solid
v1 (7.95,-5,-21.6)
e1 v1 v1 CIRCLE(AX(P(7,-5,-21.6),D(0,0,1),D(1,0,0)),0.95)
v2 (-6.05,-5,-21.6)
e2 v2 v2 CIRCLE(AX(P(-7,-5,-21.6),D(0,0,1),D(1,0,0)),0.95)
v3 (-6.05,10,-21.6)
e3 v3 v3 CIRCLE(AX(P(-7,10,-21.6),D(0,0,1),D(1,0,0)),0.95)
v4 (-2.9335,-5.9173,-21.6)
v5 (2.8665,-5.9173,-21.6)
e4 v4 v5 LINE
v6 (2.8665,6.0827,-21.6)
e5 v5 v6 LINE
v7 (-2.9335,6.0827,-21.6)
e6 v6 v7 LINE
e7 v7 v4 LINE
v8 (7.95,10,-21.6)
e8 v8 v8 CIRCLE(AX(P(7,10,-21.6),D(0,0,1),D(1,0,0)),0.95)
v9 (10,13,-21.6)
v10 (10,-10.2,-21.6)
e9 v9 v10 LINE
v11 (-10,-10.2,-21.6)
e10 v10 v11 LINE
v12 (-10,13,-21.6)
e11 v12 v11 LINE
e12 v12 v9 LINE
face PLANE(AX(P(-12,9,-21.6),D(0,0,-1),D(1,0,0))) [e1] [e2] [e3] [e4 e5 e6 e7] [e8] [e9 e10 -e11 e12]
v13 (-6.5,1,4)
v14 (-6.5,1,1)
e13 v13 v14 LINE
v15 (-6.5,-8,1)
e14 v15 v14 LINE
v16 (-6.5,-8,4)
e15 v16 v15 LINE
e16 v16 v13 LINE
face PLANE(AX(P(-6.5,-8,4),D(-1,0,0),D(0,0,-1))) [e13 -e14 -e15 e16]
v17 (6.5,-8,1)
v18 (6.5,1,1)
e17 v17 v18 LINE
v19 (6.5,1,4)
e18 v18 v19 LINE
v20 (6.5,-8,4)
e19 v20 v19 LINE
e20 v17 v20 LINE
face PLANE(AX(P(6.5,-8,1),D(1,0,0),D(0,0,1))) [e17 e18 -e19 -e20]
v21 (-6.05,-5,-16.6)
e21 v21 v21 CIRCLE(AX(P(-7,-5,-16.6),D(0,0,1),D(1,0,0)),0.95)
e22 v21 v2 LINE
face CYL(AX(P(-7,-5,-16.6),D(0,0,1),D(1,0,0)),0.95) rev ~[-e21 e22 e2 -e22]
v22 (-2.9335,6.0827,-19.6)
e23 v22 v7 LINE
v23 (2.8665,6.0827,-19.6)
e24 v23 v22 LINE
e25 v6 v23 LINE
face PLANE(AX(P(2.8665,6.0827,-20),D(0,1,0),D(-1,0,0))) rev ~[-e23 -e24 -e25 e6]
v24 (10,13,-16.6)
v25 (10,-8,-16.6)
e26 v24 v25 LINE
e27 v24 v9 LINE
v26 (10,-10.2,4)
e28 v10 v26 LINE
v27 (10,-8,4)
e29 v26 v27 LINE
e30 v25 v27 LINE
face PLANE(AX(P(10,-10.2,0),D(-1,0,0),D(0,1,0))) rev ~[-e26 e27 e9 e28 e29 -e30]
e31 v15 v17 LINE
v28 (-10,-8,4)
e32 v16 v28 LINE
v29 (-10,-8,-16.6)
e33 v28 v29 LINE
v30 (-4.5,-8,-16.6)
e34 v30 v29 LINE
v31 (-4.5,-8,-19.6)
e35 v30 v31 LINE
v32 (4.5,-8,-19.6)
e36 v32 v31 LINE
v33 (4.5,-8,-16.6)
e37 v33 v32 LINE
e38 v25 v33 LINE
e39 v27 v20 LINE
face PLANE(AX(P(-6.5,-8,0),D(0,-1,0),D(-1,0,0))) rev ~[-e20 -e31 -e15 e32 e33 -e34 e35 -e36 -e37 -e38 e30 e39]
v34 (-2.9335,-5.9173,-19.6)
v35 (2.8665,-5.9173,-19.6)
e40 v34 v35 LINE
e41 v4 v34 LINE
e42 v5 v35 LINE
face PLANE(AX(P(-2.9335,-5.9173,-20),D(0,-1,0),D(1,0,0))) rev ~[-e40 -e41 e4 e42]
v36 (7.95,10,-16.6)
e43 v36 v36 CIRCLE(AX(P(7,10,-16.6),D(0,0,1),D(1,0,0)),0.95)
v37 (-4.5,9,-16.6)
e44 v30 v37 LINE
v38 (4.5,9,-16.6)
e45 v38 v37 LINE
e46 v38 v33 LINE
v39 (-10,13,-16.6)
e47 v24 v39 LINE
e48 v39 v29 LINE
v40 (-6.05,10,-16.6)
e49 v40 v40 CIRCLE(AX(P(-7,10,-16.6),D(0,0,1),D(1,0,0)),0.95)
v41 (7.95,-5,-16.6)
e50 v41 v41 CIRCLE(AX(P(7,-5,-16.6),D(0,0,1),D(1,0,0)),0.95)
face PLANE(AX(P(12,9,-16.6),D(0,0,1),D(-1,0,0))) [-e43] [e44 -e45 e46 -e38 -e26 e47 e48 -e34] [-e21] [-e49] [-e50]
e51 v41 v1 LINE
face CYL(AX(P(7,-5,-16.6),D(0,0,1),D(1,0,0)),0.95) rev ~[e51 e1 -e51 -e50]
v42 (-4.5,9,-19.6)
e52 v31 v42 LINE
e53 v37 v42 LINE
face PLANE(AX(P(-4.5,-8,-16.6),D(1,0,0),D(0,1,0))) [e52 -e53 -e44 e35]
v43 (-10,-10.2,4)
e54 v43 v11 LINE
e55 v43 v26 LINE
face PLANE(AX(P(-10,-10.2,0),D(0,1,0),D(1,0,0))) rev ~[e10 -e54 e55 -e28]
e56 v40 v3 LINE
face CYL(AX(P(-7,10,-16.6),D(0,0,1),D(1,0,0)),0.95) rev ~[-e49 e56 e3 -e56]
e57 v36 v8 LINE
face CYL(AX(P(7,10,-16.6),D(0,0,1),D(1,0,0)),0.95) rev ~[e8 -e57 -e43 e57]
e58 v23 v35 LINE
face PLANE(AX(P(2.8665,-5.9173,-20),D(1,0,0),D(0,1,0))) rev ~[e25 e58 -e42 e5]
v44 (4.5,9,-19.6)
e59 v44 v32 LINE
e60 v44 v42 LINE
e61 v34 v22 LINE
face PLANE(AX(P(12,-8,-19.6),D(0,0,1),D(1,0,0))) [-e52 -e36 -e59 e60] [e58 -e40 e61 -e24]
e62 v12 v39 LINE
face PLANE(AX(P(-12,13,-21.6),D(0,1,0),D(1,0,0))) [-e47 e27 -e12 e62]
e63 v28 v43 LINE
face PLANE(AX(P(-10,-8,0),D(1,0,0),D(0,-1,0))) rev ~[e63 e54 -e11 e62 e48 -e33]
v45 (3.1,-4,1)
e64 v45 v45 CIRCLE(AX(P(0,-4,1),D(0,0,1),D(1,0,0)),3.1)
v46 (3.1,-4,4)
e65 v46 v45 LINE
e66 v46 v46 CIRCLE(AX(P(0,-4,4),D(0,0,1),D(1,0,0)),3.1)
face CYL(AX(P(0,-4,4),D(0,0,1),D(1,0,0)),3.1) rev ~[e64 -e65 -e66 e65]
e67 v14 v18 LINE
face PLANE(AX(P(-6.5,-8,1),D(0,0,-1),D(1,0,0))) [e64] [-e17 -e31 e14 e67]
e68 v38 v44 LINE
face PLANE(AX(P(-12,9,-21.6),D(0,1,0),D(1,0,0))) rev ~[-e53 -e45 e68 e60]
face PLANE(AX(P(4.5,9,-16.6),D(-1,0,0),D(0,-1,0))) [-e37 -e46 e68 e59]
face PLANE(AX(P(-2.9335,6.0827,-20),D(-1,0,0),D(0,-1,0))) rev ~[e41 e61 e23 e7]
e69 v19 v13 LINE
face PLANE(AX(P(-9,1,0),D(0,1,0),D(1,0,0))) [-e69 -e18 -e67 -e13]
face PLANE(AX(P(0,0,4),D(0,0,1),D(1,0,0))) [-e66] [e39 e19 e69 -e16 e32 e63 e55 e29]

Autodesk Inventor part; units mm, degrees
ref_plane "YZ Plane" through (0, 0, 0) normal (1, 0, 0) x (0, 1, 0)
ref_plane "XZ Plane" through (0, 0, 0) normal (0, 1, 0) x (-1, 0, 0)
sketch "Náčrt1" plane through (0, 0, 0) normal (0, 0, 1) x (1, 0, 0)
  line L0 (0, 12.6) -> (0, -12.6) projected
  line L1 (-12.6, 0) -> (12.6, 0) projected
  line L2 (-9, 9) -> (9, 9)
  line L3 (9, 9) -> (9, -9)
  line L4 (9, -9) -> (-9, -9)
  line L5 (-9, -9) -> (-9, 9)
  point P0 (0, 0)
  dimension "d0" = 18
  dimension "d1" = 18
extrude "Vysunutí1" add sketch "Náčrt1" against normal blind 20
sketch "Náčrt2" plane through (-9, 9, 0) normal (0, 1, 0) x (1, 0, 0)
  line L0 (18, 0) -> (0, 0) projected
  line L1 (18, 0) -> (18, 20) projected
  line L2 (0, 20) -> (18, 20) projected
  line L3 (0, 0) -> (0, 20) projected
  line L4 (1.3, 16.6) -> (1.3, 3)
  line L5 (1.3, 3) -> (16.7, 3)
  line L6 (16.7, 3) -> (16.7, 16.6)
  line L7 (16.7, 16.6) -> (1.3, 16.6)
  point P0 (9, 0)
  dimension "d4" = 3.4
  dimension "d5" = 3
  dimension "d6" = 1.3
  dimension "d7" = 1.3
sketch "Náčrt3" plane through (0, 0, 0) normal (0, 0, 1) x (1, 0, 0)
  point P0 (0, 0)
extrude "Vysunutí2" cut sketch "Náčrt2" against normal blind 17 contours L7 L6 L5 L4
sketch "Náčrt4" plane through (0, 0, 0) normal (0, 0, 1) x (1, 0, 0)
  line L0 (0, 12.6) -> (0, -12.6) projected
  line L1 (-12.6, 0) -> (12.6, 0) projected
  circle A0 centre (0, -4) radius 3.1
  line L2 (-9, -9) -> (9, -9) projected
  point P0 (0, 0)
  dimension "d10" = 6.2
  dimension "d11" = 5
extrude "Vysunutí3" cut sketch "Náčrt4" against normal blind 3
sketch "Náčrt5" plane through (-9, 9, 0) normal (0, 1, 0) x (1, 0, 0)
  line L0 (1.3, 3) -> (1.3, 16.6) projected
  line L1 (1.3, 16.6) -> (16.7, 16.6) projected
  line L2 (16.7, 3) -> (1.3, 3) projected
  line L3 (16.7, 16.6) -> (16.7, 3) projected
  line L4 (1.3, 16.6) -> (16.7, 16.6) projected
  line L5 (1.3, 3) -> (1.3, 16.6) projected
  line L6 (16.7, 16.6) -> (16.7, 3) projected
  line L7 (16.7, 16.6) -> (16.7, 3) projected
  line L8 (16.7, 3) -> (1.3, 3) projected
  line L9 (1.3, 3) -> (1.3, 16.6) projected
  line L10 (1.3, 16.6) -> (16.7, 16.6) projected
  line L11 (18, 0) -> (0, 0) projected
  line L12 (18, 0) -> (18, 20) projected
  line L13 (0, 20) -> (18, 20) projected
  line L14 (0, 0) -> (0, 20) projected
  line L15 (1.3, 16.6) -> (0, 16.6)
  line L16 (0, 0) -> (0, 20) projected
  line L17 (0, 16.6) -> (0, 0)
  line L18 (0, 0) -> (18, 0)
  line L19 (18, 0) -> (18, 16.6)
  line L20 (18, 0) -> (18, 20) projected
  line L21 (16.7, 16.6) -> (18, 16.6)
  line L22 (16.7, 16.6) -> (16.7, 3)
  line L23 (16.7, 3) -> (1.3, 3) projected
  line L24 (16.7, 3) -> (1.3, 3)
  line L25 (1.3, 3) -> (1.3, 16.6)
  line L26 (1.3, 3) -> (1.3, 16.6)
  point P0 (9, 0)
extrude "Vysunutí4" cut sketch "Náčrt5" against normal blind 8 contours L2 L3 L21 L12 L11 L14 L15 L0
sketch "Náčrt6" plane through (0, 0, -20) normal (0, 0, -1) x (-1, 0, 0)
  line L0 (-9, -9) -> (9, -9) projected
  line L1 (9, -9) -> (9, 9) projected
  line L2 (9, 9) -> (-9, 9) projected
  line L3 (-9, 9) -> (-9, -9) projected
  line L4 (0, -12.6) -> (0, 12.6) projected
  line L5 (-12.6, 0) -> (12.6, 0) projected
  line L6 (-2.8665, 6.0827) -> (2.9335, 6.0827)
  line L7 (2.9335, 6.0827) -> (2.9335, -5.9173)
  line L8 (2.9335, -5.9173) -> (-2.8665, -5.9173)
  line L9 (-2.8665, -5.9173) -> (-2.8665, 6.0827)
  point P0 (0, 0)
  dimension "d16" = 5.8
  dimension "d17" = 12
extrude "Vysunutí5" cut sketch "Náčrt6" against normal blind 8 contours L8 L9 L5 L4 | L4 L5 L7 L8 | L9 L6 L4 L5 | L4 L6 L7 L5
sketch "Náčrt13" plane through (9, -9, -20) normal (1, 0, 0) x (0, 0, -1)
  line L0 (-3.4, 10) -> (-20, 10) projected
  line L1 (-20, 0) -> (-20, 10) projected
  line L2 (-20, 0) -> (0, 0) projected
  line L3 (0, 18) -> (0, 0) projected
  line L4 (-3.4, 18) -> (0, 18) projected
  line L5 (-3.4, 18) -> (-3.4, 10) projected
  line L6 (-3.4, 1) -> (-17, 1) projected
  line L7 (-17, 1) -> (-3.4, 1) projected
  line L8 (-17, 10) -> (-3.4, 10) projected
  line L9 (-17, 1) -> (-17, 10)
  line L10 (-17, 8.1) -> (-17, 1.9) projected
  line L11 (-3.4, 1) -> (-3.4, 10)
  line L12 (-3.4, 1) -> (-17, 1)
  line L13 (-3.4, 10) -> (-17, 10)
  point P0 (-20, 9)
extrude "Vysunutí11" cut sketch "Náčrt13" against normal blind 20 contours L11 L6 L9 L0
sketch "Náčrt14" plane through (0, 0, 0) normal (0, 0, 1) x (1, 0, 0)
  line L0 (9, 1) -> (-9, 1) projected
  line L1 (-9, 1) -> (-9, -9) projected
  line L2 (-9, -9) -> (9, -9) projected
  line L3 (9, -9) -> (9, 1) projected
  circle A0 centre (0, -4) radius 3.1 projected
  line L4 (2.8665, -5.9173) -> (-2.9335, -5.9173) projected
  line L5 (9, -8) -> (-9, -8) projected
  line L6 (9, -8) -> (-9, -8) projected
  line L7 (9, 1) -> (6.5, 1)
  line L8 (6.5, 1) -> (6.5, -8)
  line L9 (6.5, -8) -> (9, -8)
  line L10 (9, -8) -> (9, 1)
  line L11 (-9, 1) -> (-6.5, 1)
  line L12 (-6.5, 1) -> (-6.5, -8)
  line L13 (-6.5, -8) -> (-9, -8)
  line L14 (-9, -8) -> (-9, 1)
  point P0 (0, 0)
  dimension "d44" = 2.5
  dimension "d45" = 2.5
extrude "Vysunutí12" cut sketch "Náčrt14" against normal blind 5 contours L3 L5 L8 L0 | L12 L5 L1 L0
sketch "Náčrt15" plane through (-9, -9, 0) normal (0, -1, 0) x (1, 0, 0)
  line L0 (0, 0) -> (18, 0) projected
  line L1 (0, 0) -> (0, -20) projected
  line L2 (18, -20) -> (0, -20) projected
  line L3 (18, 0) -> (18, -20) projected
  line L4 (18, 0) -> (0, 0)
  line L5 (0, 0) -> (0, -20)
  line L6 (0, -20) -> (18, -20)
  line L7 (18, -20) -> (18, 0)
  point P0 (9, 0)
extrude "Vysunutí13" add sketch "Náčrt15" along normal blind 1.2
sketch "Náčrt16" plane through (9, -8, -16.6) normal (1, 0, 0) x (0, 0, -1)
  line L0 (0, 0) -> (-16.6, 0) projected
  line L1 (-16.6, -2.2) -> (-16.6, 0) projected
  line L2 (3.4, -2.2) -> (-16.6, -2.2) projected
  line L3 (3.4, 17) -> (3.4, -2.2) projected
  line L4 (0, 17) -> (3.4, 17) projected
  line L5 (0, 17) -> (0, 0) projected
  line L6 (-16.6, 0) -> (3.4, 0)
  line L7 (3.4, 0) -> (3.4, -2.2)
  line L8 (3.4, -2.2) -> (-16.6, -2.2)
  line L9 (-16.6, -2.2) -> (-16.6, 0)
  line L10 (0, 17) -> (3.4, 17)
  line L11 (3.4, 17) -> (3.4, 0)
  line L12 (3.4, 0) -> (0, 0)
  line L13 (0, 0) -> (0, 17)
  point P0 (-16.6, 8)
extrude "Vysunutí14" add sketch "Náčrt16" along normal blind 3
sketch "Náčrt17" plane through (-9, -8, -16.6) normal (-1, 0, 0) x (0, 0, 1)
  line L0 (16.6, 0) -> (0, 0) projected
  line L1 (0, 0) -> (0, 17) projected
  line L2 (0, 17) -> (-3.4, 17) projected
  line L3 (-3.4, 17) -> (-3.4, -2.2) projected
  line L4 (16.6, -2.2) -> (-3.4, -2.2) projected
  line L5 (16.6, 0) -> (16.6, -2.2) projected
  line L6 (-3.4, 17) -> (0, 17)
  line L7 (0, 17) -> (0, -2.2)
  line L8 (0, -2.2) -> (-3.4, -2.2)
  line L9 (-3.4, -2.2) -> (-3.4, 17)
  line L10 (16.6, 0) -> (0, 0)
  line L11 (0, 0) -> (0, -2.2)
  line L12 (0, -2.2) -> (16.6, -2.2)
  line L13 (16.6, -2.2) -> (16.6, 0)
  point P0 (16.6, 8)
  point P1 (0, -1.1)
  dimension "d52" = 3.4
extrude "Vysunutí15" add sketch "Náčrt17" along normal blind 3
sketch "Náčrt18" plane through (0, 0, -20) normal (0, 0, -1) x (-1, 0, 0)
  line L0 (2.9335, 6.0827) -> (2.9335, -5.9173) projected
  line L1 (2.9335, -5.9173) -> (-2.8665, -5.9173) projected
  line L2 (-2.8665, -5.9173) -> (-2.8665, 6.0827) projected
  line L3 (-2.8665, 6.0827) -> (2.9335, 6.0827) projected
  line L4 (-12, 9) -> (12, 9) projected
  line L5 (-12, -10.2) -> (-12, 9) projected
  line L6 (-12, -10.2) -> (12, -10.2) projected
  line L7 (12, 9) -> (12, -10.2) projected
  line L8 (-12, 9) -> (12, 9)
  line L9 (12, 9) -> (12, -10.2)
  line L10 (12, -10.2) -> (-12, -10.2)
  line L11 (-12, -10.2) -> (-12, 9)
  line L12 (-2.8665, 6.0827) -> (2.9335, 6.0827)
  line L13 (2.9335, 6.0827) -> (2.9335, -5.9173)
  line L14 (2.9335, -5.9173) -> (-2.8665, -5.9173)
  line L15 (-2.8665, -5.9173) -> (-2.8665, 6.0827)
  point P0 (0, 0)
extrude "Vysunutí16" add sketch "Náčrt18" along normal blind 1.6
sketch "Náčrt19" plane through (12, -8, -16.6) normal (0, 0, 1) x (1, 0, 0)
  line L0 (-24, 17) -> (0, 17) projected
  line L1 (0, 0) -> (-24, 0) projected
  line L2 (-16.5, 17) -> (-7.5, 17)
  line L3 (-7.5, 17) -> (-7.5, 0)
  line L4 (-7.5, 0) -> (-16.5, 0)
  line L5 (-16.5, 0) -> (-16.5, 17)
  line L6 (-14.9335, 2.0827) -> (-14.9335, 14.0827) projected
  line L7 (-14.9335, 14.0827) -> (-9.1335, 14.0827) projected
  line L8 (-9.1335, 14.0827) -> (-9.1335, 2.0827) projected
  line L9 (-9.1335, 2.0827) -> (-14.9335, 2.0827) projected
  line L10 (0, 0) -> (-24, 0) projected
  line L11 (0, 17) -> (0, 0) projected
  line L12 (-24, 17) -> (0, 17) projected
  line L13 (-24, 0) -> (-24, 17) projected
  line L14 (-12, 17) -> (-12, 0)
  line L15 (-16.5, 17) -> (-7.5, 17)
  line L16 (-16.5, 0) -> (-7.5, 0)
  point P0 (-12, 8)
  point P1 (-16.5, 0)
  dimension "d57" = 9
ref_plane "Pracovní rovina1" through (12, -8, -9.8) normal (0, 0, 1) x (1, 0, 0)
extrude "Vysunutí17" cut sketch "Náčrt19" against normal blind 3 contours L0 L14 L7 L6 L9 L1 L5 | L0 L3 L1 L14 L9 L8 L7
sketch "Náčrt20" plane through (-12, 9, -21.6) normal (0, 1, 0) x (1, 0, 0)
  line L0 (0, -5) -> (0, 0) projected
  line L1 (24, -5) -> (24, 0) projected
  line L2 (0, 0) -> (24, 0)
  line L3 (24, 0) -> (24, -5)
  line L4 (24, -5) -> (0, -5)
  line L5 (0, -5) -> (0, 0)
  point P0 (12, -21.6)
extrude "Vysunutí18" add sketch "Náčrt20" along normal blind 4
sketch "Náčrt21" plane through (4.5, -8, -16.6) normal (0, 0, 1) x (1, 0, 0)
  line L0 (0, 17) -> (0, 0) projected
  line L1 (7.5, 0) -> (0, 0) projected
  line L2 (7.5, 0) -> (7.5, 21) projected
  line L3 (-16.5, 21) -> (7.5, 21) projected
  line L4 (-16.5, 0) -> (-16.5, 21) projected
  line L5 (-9, 0) -> (-16.5, 0) projected
  line L6 (-9, 0) -> (-9, 17) projected
  line L7 (-9, 17) -> (0, 17) projected
  circle A0 centre (-11.5, 18) radius 0.95
  circle A1 centre (2.5, 3) radius 0.95
  line L8 (7.5, 10.5) -> (-16.5, 10.5)
  circle A2 centre (2.5, 18) radius 0.95
  circle A3 centre (-11.5, 3) radius 0.95
  point P0 (-4.5, 8)
  dimension "d62" = 1.9
  dimension "d63" = 3
  dimension "d64" = 5
  dimension "d65" = 1.9
  dimension "d66" = 3
  dimension "d67" = 5
extrude "Vysunutí19" cut sketch "Náčrt21" against normal up to surface (5 mm away) contours A0 | A1 | A2 | A3
sketch "Náčrt22" plane through (-12, 13, -21.6) normal (0, 1, 0) x (1, 0, 0)
  line L0 (0, 0) -> (0, -5) projected
  line L1 (0, -5) -> (24, -5) projected
  line L2 (24, -5) -> (24, 0) projected
  line L3 (24, 0) -> (0, 0) projected
  line L4 (5.5, -21.6) -> (0, -21.6) projected
  line L5 (5.5, -21.6) -> (5.5, -18.6) projected
  line L6 (18.5, -18.6) -> (5.5, -18.6) projected
  line L7 (18.5, -21.6) -> (18.5, -18.6) projected
  line L8 (18.5, -21.6) -> (24, -21.6) projected
  line L9 (24, -5) -> (24, -21.6) projected
  line L10 (24, -5) -> (16.5, -5) projected
  line L11 (16.5, -5) -> (16.5, -2) projected
  line L12 (16.5, -2) -> (7.5, -2) projected
  line L13 (7.5, -5) -> (7.5, -2) projected
  line L14 (7.5, -5) -> (0, -5) projected
  line L15 (0, -21.6) -> (0, -5) projected
  line L16 (5.5, -18.6) -> (5.5, -21.6) projected
  line L17 (18.5, -21.6) -> (5.5, -21.6) projected
  line L18 (18.5, -21.6) -> (18.5, -18.6) projected
  line L19 (18.5, -18.6) -> (5.5, -18.6) projected
  line L20 (24, 0) -> (22, 0)
  line L21 (22, 0) -> (22, -21.6)
  line L22 (22, -21.6) -> (24, -21.6)
  line L23 (24, -21.6) -> (24, 0)
  line L24 (0, 0) -> (2, 0)
  line L25 (2, 0) -> (2, -21.6)
  line L26 (2, -21.6) -> (0, -21.6)
  line L27 (0, -21.6) -> (0, 0)
  point P0 (12, -21.6)
  dimension "d71" = 2
  dimension "d72" = 2
extrude "Vysunutí20" cut sketch "Náčrt22" against normal through all contours L3 L25 L1 L0 | L1 L25 L4 L15 | L3 L2 L1 L21 | L1 L9 L8 L21
sketch "Náčrt23" plane through (0, 0, 0) normal (0, 0, 1) x (1, 0, 0)
  line L0 (10, -10.2) -> (10, -8) projected
  line L1 (6.5, -8) -> (10, -8) projected
  line L2 (6.5, -8) -> (6.5, 1) projected
  line L3 (6.5, 1) -> (-6.5, 1) projected
  line L4 (-6.5, 1) -> (-6.5, -8) projected
  line L5 (-6.5, -8) -> (-10, -8) projected
  line L6 (-10, -8) -> (-10, -10.2) projected
  line L7 (-10, -10.2) -> (10, -10.2) projected
  circle A0 centre (0, -4) radius 3.1 projected
  line L8 (-10, -8) -> (10, -8)
  line L9 (10, -8) -> (10, -10.2)
  line L10 (10, -10.2) -> (-10, -10.2)
  line L11 (-10, -10.2) -> (-10, -8)
  point P0 (0, 0)
extrude "Vysunutí21" add sketch "Náčrt23" along normal blind 4 contours L7 L6 L5 L8 L1 L0
sketch "Náčrt24" plane through (-9, -8, 0) normal (0, 1, 0) x (1, 0, 0)
  line L0 (2.5, 3) -> (2.5, 0) projected
  line L1 (15.5, 0) -> (2.5, 0) projected
  line L2 (15.5, 0) -> (15.5, 3) projected
  line L3 (15.5, 3) -> (2.5, 3) projected
  line L4 (2.5, 0) -> (2.5, 3) projected
  line L5 (15.5, 3) -> (2.5, 3) projected
  line L6 (15.5, 0) -> (15.5, 3) projected
  line L7 (2.5, 0) -> (15.5, 0) projected
  line L8 (-1, 16.6) -> (-1, -4) projected
  line L9 (19, -4) -> (-1, -4) projected
  line L10 (19, -4) -> (19, 16.6) projected
  line L11 (19, 16.6) -> (13.5, 16.6) projected
  line L12 (13.5, 16.6) -> (13.5, 19.6) projected
  line L13 (13.5, 19.6) -> (4.5, 19.6) projected
  line L14 (4.5, 16.6) -> (4.5, 19.6) projected
  line L15 (4.5, 16.6) -> (-1, 16.6) projected
  line L16 (15.5, 3) -> (2.5, 3) projected
  line L17 (2.5, 3) -> (2.5, 0) projected
  line L18 (2.5, -1) -> (15.5, -1)
  line L19 (15.5, -1) -> (15.5, -4)
  line L20 (15.5, -4) -> (2.5, -4)
  line L21 (2.5, -4) -> (2.5, -1)
  line L22 (11.8665, 21.6) -> (6.0665, 21.6) projected
  point P0 (9, 0)
  point P1 (15.5, -2.5)
  point P2 (2.5, -4)
  dimension "d77" = 3
  dimension "d78" = 13
  dimension "d87" = 3.5
extrude "Vysunutí22" add sketch "Náčrt24" along normal up to surface (9 mm away) contours L21 L18 L19 L9
sketch "Náčrt25" plane through (0, 0, 4) normal (0, 0, 1) x (1, 0, 0)
  line L0 (10, -8) -> (6.5, -8) projected
  line L1 (6.5, -8) -> (6.5, 1) projected
  line L2 (-6.5, 1) -> (6.5, 1) projected
  line L3 (-6.5, -8) -> (-6.5, 1) projected
  line L4 (-6.5, -8) -> (-10, -8) projected
  line L5 (-10, -8) -> (-10, -10.2) projected
  line L6 (-10, -10.2) -> (10, -10.2) projected
  line L7 (10, -10.2) -> (10, -8) projected
  circle A0 centre (0, -4) radius 3.1 projected
  circle A1 centre (0, -4) radius 3.1
  point P0 (0, 0)
extrude "Vysunutí23" cut sketch "Náčrt25" against normal blind 10 contours A0
sketch "Náčrt26" plane through (-9, 1, 0) normal (0, 1, 0) x (1, 0, 0)
  line L0 (2.5, 3) -> (2.5, 0) projected
  line L1 (15.5, 0) -> (2.5, 0) projected
  line L2 (15.5, 0) -> (15.5, 3) projected
  line L3 (15.5, 3) -> (2.5, 3) projected
  line L4 (2.5, 3) -> (15.5, 3)
  line L5 (15.5, 3) -> (15.5, 0)
  line L6 (15.5, 0) -> (2.5, 0)
  line L7 (2.5, 0) -> (2.5, 3)
  line L8 (2.5, 3) -> (15.5, 3)
  line L9 (15.5, 3) -> (15.5, 0)
  line L10 (15.5, 0) -> (2.5, 0)
  line L11 (2.5, 0) -> (2.5, 3)
  point P0 (9, 0)
extrude "Vysunutí24" cut sketch "Náčrt26" against normal up to surface (9 mm away)
properties part number "laser_krabicka2_3D tisk"
